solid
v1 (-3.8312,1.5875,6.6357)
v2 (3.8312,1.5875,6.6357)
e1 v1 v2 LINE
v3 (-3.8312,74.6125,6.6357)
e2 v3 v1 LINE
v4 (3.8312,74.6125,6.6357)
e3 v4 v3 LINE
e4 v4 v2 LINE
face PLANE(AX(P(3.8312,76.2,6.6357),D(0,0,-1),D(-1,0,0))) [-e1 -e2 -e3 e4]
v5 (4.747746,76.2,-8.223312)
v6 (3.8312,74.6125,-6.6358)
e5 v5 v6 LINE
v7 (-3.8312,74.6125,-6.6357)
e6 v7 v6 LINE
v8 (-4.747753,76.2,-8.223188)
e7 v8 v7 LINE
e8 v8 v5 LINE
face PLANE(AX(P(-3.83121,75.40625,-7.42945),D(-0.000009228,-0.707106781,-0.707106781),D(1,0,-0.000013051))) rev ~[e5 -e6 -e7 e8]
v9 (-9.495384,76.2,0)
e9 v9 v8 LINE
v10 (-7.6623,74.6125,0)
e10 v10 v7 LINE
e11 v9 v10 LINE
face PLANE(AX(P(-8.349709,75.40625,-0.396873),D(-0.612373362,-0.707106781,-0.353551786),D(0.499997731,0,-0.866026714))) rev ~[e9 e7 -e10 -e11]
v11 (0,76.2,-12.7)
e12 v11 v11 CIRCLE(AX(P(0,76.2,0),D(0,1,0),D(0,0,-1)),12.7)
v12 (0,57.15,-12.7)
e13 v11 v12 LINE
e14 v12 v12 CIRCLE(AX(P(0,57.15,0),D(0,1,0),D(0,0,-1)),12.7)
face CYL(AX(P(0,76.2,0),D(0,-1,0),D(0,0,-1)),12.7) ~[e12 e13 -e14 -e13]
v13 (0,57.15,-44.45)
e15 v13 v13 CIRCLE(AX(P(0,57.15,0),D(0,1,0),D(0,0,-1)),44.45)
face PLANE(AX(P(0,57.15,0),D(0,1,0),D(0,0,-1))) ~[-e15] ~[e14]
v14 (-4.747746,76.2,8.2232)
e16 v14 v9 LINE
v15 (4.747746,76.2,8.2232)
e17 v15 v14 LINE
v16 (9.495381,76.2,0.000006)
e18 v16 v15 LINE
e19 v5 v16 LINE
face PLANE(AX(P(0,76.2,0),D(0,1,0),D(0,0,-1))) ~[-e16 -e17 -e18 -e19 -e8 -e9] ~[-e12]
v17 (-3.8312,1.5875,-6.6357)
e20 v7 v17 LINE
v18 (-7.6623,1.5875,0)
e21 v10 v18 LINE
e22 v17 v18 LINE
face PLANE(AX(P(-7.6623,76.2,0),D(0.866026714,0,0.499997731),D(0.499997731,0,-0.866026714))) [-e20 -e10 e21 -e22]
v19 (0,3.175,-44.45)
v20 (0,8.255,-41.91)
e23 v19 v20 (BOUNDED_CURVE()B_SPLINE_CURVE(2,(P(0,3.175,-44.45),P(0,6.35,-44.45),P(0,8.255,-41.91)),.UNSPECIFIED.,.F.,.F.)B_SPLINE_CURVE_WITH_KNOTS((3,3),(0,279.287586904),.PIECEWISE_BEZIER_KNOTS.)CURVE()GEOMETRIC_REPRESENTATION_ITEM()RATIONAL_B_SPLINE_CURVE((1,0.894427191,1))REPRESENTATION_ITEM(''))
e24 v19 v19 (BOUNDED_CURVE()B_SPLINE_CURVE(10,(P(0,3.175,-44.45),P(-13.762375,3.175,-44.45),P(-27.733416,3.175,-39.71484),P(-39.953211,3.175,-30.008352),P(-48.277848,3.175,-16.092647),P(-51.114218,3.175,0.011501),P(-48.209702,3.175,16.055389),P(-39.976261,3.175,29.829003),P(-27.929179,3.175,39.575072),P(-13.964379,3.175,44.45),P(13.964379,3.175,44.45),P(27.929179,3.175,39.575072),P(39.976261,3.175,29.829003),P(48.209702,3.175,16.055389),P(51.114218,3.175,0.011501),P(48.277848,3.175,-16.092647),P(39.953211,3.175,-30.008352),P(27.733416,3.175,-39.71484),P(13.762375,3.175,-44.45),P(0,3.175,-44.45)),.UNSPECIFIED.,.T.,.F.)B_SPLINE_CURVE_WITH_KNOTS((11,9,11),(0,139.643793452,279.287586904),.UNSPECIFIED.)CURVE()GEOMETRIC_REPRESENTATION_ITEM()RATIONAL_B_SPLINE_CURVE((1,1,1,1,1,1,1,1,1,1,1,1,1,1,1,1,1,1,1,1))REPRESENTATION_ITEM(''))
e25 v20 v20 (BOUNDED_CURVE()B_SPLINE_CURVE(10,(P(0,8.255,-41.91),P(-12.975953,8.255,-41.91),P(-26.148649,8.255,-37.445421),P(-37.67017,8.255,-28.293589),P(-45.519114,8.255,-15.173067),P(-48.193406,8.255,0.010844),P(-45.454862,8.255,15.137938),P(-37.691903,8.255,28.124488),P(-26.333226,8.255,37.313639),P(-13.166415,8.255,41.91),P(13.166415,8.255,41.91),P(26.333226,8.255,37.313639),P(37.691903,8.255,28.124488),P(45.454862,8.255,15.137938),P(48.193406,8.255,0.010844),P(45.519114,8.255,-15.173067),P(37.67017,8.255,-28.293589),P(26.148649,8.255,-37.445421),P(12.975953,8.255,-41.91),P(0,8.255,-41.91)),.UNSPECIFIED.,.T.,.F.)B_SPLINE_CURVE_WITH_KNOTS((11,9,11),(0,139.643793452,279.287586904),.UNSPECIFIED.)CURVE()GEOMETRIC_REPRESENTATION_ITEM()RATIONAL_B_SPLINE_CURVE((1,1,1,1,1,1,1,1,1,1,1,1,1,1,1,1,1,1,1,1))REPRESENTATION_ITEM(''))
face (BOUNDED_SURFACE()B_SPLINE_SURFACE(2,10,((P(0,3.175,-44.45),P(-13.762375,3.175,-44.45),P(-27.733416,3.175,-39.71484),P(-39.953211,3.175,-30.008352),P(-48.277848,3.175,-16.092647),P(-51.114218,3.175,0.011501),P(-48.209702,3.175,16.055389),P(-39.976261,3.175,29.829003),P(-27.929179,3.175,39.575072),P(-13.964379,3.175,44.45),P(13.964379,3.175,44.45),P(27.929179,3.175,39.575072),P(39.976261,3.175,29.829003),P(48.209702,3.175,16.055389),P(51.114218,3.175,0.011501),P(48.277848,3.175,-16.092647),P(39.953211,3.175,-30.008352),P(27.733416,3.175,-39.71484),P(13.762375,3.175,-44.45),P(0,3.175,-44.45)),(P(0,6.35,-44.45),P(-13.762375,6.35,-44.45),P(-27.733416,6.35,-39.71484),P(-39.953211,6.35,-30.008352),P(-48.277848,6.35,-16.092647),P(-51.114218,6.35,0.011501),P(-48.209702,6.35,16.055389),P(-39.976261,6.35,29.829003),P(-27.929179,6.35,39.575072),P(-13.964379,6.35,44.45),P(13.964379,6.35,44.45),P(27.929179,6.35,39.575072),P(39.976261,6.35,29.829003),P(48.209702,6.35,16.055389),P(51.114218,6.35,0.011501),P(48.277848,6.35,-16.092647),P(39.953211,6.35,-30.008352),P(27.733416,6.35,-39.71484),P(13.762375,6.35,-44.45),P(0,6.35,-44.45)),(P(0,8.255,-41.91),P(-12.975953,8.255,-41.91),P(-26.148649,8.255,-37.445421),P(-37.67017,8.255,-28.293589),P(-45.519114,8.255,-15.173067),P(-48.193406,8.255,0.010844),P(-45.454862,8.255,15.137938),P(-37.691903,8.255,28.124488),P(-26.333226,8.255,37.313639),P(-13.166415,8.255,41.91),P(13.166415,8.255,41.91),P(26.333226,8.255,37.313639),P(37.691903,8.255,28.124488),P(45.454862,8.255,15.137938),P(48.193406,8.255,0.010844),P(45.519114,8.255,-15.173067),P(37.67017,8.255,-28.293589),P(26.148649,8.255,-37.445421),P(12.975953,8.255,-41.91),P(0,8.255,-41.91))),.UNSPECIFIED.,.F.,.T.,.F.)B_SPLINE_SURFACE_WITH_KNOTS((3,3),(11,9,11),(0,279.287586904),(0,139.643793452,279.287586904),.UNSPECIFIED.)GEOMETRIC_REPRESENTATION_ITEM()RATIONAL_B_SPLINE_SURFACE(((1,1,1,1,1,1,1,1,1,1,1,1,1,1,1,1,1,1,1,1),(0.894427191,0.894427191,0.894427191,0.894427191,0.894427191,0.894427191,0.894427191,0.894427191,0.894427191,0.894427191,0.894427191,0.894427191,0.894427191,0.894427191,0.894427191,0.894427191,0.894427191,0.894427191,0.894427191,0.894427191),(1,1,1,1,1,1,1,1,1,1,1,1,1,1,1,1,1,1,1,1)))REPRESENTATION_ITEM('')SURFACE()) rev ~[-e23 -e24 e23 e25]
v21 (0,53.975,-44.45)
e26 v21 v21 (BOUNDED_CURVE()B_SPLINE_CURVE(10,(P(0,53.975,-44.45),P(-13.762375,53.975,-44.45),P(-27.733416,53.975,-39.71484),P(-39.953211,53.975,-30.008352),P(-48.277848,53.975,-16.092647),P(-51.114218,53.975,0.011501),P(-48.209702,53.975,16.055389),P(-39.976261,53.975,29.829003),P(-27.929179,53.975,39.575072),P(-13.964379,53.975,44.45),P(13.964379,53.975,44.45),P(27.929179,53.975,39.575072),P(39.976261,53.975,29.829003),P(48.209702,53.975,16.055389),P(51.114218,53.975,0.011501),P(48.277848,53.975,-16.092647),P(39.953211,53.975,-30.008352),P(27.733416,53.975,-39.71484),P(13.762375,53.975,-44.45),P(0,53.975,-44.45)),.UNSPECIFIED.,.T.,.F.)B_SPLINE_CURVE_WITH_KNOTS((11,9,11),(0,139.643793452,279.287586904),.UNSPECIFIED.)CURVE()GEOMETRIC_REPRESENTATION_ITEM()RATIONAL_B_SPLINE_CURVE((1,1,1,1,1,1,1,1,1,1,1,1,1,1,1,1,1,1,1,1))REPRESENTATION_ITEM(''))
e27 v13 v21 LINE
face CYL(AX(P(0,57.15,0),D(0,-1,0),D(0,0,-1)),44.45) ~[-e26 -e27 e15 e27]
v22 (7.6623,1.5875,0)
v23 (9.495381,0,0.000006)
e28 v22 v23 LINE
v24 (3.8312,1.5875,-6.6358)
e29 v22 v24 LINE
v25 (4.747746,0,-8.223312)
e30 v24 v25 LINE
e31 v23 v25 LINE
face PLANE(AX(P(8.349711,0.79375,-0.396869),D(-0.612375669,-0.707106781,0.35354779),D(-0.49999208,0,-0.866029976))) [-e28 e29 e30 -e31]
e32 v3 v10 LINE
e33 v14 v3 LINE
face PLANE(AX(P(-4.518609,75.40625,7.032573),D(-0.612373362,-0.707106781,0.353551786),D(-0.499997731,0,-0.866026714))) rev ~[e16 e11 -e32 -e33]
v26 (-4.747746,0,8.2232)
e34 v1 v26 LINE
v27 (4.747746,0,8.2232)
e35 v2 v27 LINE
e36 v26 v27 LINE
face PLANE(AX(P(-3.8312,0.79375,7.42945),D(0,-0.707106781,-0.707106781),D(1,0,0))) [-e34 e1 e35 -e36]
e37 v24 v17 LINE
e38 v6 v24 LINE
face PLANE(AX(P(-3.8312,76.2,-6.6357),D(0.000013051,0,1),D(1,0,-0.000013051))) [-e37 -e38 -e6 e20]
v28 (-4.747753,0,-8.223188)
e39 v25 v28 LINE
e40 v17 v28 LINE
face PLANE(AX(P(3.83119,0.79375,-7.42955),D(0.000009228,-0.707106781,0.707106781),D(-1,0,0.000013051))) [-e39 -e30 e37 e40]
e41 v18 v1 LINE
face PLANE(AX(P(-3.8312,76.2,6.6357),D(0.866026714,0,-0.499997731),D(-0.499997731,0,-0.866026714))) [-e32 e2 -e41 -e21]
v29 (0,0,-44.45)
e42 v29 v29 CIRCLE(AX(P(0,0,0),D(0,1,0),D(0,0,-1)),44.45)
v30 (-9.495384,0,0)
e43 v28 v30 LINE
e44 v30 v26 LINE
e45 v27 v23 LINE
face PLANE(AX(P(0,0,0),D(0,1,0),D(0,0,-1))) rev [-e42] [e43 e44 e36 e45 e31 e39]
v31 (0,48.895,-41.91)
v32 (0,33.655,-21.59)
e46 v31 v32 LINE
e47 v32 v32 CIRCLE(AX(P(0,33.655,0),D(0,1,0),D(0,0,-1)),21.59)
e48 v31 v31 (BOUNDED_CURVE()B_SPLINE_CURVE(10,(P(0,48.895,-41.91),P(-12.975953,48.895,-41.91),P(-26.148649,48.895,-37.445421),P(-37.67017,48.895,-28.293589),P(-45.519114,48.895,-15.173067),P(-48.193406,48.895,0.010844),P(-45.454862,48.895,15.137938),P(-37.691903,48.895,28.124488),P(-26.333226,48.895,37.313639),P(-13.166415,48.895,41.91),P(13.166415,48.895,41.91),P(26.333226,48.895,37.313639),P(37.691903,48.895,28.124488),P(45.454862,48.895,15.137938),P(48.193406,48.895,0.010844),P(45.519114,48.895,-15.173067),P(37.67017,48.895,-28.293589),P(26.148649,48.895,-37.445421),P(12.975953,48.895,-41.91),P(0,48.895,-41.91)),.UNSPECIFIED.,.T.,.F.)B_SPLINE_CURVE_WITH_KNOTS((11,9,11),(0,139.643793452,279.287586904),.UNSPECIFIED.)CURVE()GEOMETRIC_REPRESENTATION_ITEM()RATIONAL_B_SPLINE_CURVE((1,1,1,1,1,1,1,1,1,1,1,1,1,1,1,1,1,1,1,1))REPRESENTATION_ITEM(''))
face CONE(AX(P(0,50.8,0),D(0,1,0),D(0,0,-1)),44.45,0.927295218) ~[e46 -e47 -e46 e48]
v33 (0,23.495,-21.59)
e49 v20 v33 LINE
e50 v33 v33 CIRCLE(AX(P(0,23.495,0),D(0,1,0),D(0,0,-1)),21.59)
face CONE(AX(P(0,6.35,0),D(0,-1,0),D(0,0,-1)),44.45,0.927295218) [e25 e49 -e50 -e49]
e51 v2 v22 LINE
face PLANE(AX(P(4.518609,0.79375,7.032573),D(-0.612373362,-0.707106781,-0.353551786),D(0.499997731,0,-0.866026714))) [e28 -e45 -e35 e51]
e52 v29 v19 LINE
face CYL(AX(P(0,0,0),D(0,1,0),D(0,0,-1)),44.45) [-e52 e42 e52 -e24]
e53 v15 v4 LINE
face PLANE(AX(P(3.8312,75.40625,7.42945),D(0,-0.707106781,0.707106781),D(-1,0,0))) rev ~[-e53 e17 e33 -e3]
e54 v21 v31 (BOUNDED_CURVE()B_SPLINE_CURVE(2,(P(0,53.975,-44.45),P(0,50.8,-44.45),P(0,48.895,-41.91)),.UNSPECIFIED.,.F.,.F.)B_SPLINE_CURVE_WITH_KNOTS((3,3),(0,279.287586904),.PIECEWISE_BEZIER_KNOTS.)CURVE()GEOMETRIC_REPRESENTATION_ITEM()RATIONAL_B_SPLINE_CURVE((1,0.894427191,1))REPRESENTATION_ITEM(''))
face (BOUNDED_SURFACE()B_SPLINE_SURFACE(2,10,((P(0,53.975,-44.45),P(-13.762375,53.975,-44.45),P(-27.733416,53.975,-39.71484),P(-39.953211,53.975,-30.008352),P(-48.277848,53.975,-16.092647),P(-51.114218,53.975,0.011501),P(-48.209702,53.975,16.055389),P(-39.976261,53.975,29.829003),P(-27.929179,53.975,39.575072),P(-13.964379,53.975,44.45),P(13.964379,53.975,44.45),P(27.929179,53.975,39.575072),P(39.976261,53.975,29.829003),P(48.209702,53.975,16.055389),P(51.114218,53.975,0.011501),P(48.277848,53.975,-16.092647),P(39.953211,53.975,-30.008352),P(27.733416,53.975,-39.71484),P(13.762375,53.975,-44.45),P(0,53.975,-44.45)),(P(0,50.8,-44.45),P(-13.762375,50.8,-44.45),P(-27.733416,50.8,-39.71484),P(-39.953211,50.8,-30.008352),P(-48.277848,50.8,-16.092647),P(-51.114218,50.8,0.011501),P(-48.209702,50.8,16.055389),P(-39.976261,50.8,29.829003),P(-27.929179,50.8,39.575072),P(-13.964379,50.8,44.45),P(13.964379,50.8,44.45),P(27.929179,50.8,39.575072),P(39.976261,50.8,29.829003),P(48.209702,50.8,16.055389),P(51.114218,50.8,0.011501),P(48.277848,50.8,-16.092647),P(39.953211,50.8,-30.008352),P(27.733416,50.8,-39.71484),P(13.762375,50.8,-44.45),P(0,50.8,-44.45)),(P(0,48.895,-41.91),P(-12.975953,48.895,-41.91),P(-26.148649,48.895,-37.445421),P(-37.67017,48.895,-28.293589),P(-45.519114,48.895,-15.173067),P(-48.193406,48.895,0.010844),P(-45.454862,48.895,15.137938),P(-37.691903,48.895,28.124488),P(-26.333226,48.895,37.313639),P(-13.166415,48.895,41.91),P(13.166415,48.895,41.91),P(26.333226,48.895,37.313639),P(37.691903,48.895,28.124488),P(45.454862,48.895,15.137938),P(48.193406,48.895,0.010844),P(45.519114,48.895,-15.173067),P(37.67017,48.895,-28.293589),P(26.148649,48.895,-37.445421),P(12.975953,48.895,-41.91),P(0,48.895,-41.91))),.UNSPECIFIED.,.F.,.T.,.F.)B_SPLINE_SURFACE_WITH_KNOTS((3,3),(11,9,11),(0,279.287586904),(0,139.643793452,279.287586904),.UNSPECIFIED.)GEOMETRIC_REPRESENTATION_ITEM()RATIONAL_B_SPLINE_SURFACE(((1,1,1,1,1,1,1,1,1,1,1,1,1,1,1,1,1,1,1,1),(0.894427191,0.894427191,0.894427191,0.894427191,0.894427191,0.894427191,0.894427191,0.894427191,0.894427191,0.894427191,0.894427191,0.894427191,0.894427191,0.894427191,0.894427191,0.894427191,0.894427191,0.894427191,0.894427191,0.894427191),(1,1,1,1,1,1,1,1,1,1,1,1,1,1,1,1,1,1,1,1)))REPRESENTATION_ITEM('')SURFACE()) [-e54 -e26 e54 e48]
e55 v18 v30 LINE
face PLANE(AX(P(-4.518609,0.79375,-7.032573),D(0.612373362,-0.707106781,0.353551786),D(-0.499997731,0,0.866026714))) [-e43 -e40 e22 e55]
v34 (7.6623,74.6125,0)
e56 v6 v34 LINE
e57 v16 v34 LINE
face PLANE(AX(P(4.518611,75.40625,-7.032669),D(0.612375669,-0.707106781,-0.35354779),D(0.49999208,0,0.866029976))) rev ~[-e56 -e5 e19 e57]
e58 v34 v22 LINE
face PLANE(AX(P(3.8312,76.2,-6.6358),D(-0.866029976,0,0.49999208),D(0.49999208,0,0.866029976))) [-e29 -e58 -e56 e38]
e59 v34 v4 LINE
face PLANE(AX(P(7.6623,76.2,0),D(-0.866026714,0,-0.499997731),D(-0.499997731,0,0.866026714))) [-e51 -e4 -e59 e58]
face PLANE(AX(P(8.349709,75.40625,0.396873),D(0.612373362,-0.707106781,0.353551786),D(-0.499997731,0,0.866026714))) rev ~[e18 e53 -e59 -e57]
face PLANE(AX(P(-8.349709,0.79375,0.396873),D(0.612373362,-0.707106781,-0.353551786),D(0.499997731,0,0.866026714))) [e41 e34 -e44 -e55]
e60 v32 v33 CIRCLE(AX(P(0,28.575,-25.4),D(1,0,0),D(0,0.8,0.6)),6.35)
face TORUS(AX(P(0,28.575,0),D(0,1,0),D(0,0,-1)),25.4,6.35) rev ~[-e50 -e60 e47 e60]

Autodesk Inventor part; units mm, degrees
ref_plane "YZ Plane" through (0, 0, 0) normal (1, 0, 0) x (0, 1, 0)
ref_plane "XZ Plane" through (0, 0, 0) normal (0, 1, 0) x (-1, 0, 0)
ref_plane "XY Plane" through (0, 0, 0) normal (0, 0, 1) x (1, 0, 0)
sketch "Sketch1" plane through (0, 0, 0) normal (1, 0, 0) x (0, 1, 0)
  line L0 (0, 0) -> (0, -44.45)
  line L1 (0, 0) -> (57.15, 0)
  line L2 (0, -44.45) -> (6.35, -44.45)
  line L3 (6.35, -44.45) -> (23.495, -21.59)
  line L4 (57.15, 0) -> (76.2, 0)
  line L5 (76.2, 0) -> (76.2, -12.7)
  line L6 (76.2, -12.7) -> (57.15, -12.7)
  line L7 (57.15, -12.7) -> (57.15, -44.45)
  line L8 (57.15, -44.45) -> (50.8, -44.45)
  line L9 (50.8, -44.45) -> (33.655, -21.59)
  arc A0 (33.655, -21.59) -> (23.495, -21.59) centre (28.575, -25.4) ccw
  point P0 (28.575, -14.8167)
  dimension "d36" = 44.45
  dimension "d37" = 57.15
  dimension "d38" = 6.35
  dimension "d40" = 28.575
  dimension "d41" = 19.05
  dimension "d42" = 12.7
  dimension "d43" = 44.45
  dimension "d44" = 57.15
  dimension "d48" = 6.35
  dimension "d53" = 19.05
revolve "Revolution1" add sketch "Sketch1" angle 360 about axis through (0, 0, 0) along (0, 1, 0)
sketch "Sketch6" plane through (0, 76.2, 0) normal (0, 1, 0) x (1, 0, 0)
  line L0 (7.6623, 0) -> (3.8312, -6.6357)
  line L1 (3.8312, -6.6357) -> (-3.8312, -6.6357)
  line L2 (-3.8312, -6.6357) -> (-7.6623, 0)
  line L3 (-7.6623, 0) -> (-3.8312, 6.6357)
  line L4 (-3.8312, 6.6357) -> (3.8312, 6.6358)
  line L5 (3.8312, 6.6358) -> (7.6623, 0)
  point P0 (0, 0)
  point P1 (0, 0)
  dimension "d45" = 13.2715
extrude "Extrusion5" cut sketch "Sketch6" against normal through all
chamfer "Chamfer4" distance 1.5875 angle 45 12 edges at (5.7467, 76.2, 3.3179) (5.7467, 76.2, -3.3179) (0, 76.2, -6.6358) (-5.7467, 76.2, -3.3179) (-5.7467, 76.2, 3.3179) (0, 76.2, 6.6357) (-5.7467, 0, -3.3179) (0, 0, -6.6358) (5.7467, 0, -3.3179) (5.7467, 0, 3.3179) (0, 0, 6.6357) (-5.7467, 0, 3.3179)
fillet "Fillet1" radius 6.35 2 edges at (0, 50.8, 44.45) (0, 6.35, 44.45)
equation "\"d36\" = spoolExteriorRadius"
equation "\"d37\" = spoolHeight"
equation "\"d38\" = supportChannels"
equation "\"d40\" = halfSpoolHeight"
equation "\"d41\" = spacerHeight"
equation "\"d43\" = spoolExteriorRadius"
equation "\"d44\" = spoolHeight"
equation "\"d53\" = spoolInteriroRadius"
equation "\"d45\" = hexDiameter"
equation "\"d49\" = hexHoleChamfer"
equation "\"holeForString\" = stringDiameter + clearanceForString"
equation "\"stringDiameter\" = 3"
equation "\"clearanceForString\" = 0.5"
equation "\"spoolHeight\" = 57.15"
equation "\"hexShaftDiameter\" = 12.7"
equation "\"clearanceForHexShaft\" = 0.5715"
equation "\"hexDiameter\" = hexShaftDiameter + clearanceForHexShaft"
equation "\"supportChannels\" = 6.35"
equation "\"spoolInteriorDiameter\" = 38.1"
equation "\"spoolInteriroRadius\" = 0.5 * spoolInteriorDiameter"
equation "\"spoolExteriorDiameter\" = 88.9"
equation "\"spoolExteriorRadius\" = 0.5 * spoolExteriorDiameter"
equation "\"spoolFiletRadius\" = 0.5 * supportChannels"
equation "\"holeCenter\" = 0.25 * spoolHeight - 0.75 * supportChannels"
equation "\"hexHoleChamfer\" = 1.5875"
equation "\"stringHoleCenterFromHexShaft\" = 0.5 * hexDiameter + 0.5 * holeForString"
equation "\"textCircleDiameter\" = 0.75 * spoolExteriorDiameter"
equation "\"textHeight\" = 6.096"
equation "\"textDepth\" = 1.27"
equation "\"stringHoleChamfer\" = 1.5875"
equation "\"halfSpoolHeight\" = 0.5 * spoolHeight"
equation "\"spoolTotalHeight\" = 76.2"
equation "\"spacerHeight\" = spoolTotalHeight - spoolHeight"
properties part number "spoolV02"
